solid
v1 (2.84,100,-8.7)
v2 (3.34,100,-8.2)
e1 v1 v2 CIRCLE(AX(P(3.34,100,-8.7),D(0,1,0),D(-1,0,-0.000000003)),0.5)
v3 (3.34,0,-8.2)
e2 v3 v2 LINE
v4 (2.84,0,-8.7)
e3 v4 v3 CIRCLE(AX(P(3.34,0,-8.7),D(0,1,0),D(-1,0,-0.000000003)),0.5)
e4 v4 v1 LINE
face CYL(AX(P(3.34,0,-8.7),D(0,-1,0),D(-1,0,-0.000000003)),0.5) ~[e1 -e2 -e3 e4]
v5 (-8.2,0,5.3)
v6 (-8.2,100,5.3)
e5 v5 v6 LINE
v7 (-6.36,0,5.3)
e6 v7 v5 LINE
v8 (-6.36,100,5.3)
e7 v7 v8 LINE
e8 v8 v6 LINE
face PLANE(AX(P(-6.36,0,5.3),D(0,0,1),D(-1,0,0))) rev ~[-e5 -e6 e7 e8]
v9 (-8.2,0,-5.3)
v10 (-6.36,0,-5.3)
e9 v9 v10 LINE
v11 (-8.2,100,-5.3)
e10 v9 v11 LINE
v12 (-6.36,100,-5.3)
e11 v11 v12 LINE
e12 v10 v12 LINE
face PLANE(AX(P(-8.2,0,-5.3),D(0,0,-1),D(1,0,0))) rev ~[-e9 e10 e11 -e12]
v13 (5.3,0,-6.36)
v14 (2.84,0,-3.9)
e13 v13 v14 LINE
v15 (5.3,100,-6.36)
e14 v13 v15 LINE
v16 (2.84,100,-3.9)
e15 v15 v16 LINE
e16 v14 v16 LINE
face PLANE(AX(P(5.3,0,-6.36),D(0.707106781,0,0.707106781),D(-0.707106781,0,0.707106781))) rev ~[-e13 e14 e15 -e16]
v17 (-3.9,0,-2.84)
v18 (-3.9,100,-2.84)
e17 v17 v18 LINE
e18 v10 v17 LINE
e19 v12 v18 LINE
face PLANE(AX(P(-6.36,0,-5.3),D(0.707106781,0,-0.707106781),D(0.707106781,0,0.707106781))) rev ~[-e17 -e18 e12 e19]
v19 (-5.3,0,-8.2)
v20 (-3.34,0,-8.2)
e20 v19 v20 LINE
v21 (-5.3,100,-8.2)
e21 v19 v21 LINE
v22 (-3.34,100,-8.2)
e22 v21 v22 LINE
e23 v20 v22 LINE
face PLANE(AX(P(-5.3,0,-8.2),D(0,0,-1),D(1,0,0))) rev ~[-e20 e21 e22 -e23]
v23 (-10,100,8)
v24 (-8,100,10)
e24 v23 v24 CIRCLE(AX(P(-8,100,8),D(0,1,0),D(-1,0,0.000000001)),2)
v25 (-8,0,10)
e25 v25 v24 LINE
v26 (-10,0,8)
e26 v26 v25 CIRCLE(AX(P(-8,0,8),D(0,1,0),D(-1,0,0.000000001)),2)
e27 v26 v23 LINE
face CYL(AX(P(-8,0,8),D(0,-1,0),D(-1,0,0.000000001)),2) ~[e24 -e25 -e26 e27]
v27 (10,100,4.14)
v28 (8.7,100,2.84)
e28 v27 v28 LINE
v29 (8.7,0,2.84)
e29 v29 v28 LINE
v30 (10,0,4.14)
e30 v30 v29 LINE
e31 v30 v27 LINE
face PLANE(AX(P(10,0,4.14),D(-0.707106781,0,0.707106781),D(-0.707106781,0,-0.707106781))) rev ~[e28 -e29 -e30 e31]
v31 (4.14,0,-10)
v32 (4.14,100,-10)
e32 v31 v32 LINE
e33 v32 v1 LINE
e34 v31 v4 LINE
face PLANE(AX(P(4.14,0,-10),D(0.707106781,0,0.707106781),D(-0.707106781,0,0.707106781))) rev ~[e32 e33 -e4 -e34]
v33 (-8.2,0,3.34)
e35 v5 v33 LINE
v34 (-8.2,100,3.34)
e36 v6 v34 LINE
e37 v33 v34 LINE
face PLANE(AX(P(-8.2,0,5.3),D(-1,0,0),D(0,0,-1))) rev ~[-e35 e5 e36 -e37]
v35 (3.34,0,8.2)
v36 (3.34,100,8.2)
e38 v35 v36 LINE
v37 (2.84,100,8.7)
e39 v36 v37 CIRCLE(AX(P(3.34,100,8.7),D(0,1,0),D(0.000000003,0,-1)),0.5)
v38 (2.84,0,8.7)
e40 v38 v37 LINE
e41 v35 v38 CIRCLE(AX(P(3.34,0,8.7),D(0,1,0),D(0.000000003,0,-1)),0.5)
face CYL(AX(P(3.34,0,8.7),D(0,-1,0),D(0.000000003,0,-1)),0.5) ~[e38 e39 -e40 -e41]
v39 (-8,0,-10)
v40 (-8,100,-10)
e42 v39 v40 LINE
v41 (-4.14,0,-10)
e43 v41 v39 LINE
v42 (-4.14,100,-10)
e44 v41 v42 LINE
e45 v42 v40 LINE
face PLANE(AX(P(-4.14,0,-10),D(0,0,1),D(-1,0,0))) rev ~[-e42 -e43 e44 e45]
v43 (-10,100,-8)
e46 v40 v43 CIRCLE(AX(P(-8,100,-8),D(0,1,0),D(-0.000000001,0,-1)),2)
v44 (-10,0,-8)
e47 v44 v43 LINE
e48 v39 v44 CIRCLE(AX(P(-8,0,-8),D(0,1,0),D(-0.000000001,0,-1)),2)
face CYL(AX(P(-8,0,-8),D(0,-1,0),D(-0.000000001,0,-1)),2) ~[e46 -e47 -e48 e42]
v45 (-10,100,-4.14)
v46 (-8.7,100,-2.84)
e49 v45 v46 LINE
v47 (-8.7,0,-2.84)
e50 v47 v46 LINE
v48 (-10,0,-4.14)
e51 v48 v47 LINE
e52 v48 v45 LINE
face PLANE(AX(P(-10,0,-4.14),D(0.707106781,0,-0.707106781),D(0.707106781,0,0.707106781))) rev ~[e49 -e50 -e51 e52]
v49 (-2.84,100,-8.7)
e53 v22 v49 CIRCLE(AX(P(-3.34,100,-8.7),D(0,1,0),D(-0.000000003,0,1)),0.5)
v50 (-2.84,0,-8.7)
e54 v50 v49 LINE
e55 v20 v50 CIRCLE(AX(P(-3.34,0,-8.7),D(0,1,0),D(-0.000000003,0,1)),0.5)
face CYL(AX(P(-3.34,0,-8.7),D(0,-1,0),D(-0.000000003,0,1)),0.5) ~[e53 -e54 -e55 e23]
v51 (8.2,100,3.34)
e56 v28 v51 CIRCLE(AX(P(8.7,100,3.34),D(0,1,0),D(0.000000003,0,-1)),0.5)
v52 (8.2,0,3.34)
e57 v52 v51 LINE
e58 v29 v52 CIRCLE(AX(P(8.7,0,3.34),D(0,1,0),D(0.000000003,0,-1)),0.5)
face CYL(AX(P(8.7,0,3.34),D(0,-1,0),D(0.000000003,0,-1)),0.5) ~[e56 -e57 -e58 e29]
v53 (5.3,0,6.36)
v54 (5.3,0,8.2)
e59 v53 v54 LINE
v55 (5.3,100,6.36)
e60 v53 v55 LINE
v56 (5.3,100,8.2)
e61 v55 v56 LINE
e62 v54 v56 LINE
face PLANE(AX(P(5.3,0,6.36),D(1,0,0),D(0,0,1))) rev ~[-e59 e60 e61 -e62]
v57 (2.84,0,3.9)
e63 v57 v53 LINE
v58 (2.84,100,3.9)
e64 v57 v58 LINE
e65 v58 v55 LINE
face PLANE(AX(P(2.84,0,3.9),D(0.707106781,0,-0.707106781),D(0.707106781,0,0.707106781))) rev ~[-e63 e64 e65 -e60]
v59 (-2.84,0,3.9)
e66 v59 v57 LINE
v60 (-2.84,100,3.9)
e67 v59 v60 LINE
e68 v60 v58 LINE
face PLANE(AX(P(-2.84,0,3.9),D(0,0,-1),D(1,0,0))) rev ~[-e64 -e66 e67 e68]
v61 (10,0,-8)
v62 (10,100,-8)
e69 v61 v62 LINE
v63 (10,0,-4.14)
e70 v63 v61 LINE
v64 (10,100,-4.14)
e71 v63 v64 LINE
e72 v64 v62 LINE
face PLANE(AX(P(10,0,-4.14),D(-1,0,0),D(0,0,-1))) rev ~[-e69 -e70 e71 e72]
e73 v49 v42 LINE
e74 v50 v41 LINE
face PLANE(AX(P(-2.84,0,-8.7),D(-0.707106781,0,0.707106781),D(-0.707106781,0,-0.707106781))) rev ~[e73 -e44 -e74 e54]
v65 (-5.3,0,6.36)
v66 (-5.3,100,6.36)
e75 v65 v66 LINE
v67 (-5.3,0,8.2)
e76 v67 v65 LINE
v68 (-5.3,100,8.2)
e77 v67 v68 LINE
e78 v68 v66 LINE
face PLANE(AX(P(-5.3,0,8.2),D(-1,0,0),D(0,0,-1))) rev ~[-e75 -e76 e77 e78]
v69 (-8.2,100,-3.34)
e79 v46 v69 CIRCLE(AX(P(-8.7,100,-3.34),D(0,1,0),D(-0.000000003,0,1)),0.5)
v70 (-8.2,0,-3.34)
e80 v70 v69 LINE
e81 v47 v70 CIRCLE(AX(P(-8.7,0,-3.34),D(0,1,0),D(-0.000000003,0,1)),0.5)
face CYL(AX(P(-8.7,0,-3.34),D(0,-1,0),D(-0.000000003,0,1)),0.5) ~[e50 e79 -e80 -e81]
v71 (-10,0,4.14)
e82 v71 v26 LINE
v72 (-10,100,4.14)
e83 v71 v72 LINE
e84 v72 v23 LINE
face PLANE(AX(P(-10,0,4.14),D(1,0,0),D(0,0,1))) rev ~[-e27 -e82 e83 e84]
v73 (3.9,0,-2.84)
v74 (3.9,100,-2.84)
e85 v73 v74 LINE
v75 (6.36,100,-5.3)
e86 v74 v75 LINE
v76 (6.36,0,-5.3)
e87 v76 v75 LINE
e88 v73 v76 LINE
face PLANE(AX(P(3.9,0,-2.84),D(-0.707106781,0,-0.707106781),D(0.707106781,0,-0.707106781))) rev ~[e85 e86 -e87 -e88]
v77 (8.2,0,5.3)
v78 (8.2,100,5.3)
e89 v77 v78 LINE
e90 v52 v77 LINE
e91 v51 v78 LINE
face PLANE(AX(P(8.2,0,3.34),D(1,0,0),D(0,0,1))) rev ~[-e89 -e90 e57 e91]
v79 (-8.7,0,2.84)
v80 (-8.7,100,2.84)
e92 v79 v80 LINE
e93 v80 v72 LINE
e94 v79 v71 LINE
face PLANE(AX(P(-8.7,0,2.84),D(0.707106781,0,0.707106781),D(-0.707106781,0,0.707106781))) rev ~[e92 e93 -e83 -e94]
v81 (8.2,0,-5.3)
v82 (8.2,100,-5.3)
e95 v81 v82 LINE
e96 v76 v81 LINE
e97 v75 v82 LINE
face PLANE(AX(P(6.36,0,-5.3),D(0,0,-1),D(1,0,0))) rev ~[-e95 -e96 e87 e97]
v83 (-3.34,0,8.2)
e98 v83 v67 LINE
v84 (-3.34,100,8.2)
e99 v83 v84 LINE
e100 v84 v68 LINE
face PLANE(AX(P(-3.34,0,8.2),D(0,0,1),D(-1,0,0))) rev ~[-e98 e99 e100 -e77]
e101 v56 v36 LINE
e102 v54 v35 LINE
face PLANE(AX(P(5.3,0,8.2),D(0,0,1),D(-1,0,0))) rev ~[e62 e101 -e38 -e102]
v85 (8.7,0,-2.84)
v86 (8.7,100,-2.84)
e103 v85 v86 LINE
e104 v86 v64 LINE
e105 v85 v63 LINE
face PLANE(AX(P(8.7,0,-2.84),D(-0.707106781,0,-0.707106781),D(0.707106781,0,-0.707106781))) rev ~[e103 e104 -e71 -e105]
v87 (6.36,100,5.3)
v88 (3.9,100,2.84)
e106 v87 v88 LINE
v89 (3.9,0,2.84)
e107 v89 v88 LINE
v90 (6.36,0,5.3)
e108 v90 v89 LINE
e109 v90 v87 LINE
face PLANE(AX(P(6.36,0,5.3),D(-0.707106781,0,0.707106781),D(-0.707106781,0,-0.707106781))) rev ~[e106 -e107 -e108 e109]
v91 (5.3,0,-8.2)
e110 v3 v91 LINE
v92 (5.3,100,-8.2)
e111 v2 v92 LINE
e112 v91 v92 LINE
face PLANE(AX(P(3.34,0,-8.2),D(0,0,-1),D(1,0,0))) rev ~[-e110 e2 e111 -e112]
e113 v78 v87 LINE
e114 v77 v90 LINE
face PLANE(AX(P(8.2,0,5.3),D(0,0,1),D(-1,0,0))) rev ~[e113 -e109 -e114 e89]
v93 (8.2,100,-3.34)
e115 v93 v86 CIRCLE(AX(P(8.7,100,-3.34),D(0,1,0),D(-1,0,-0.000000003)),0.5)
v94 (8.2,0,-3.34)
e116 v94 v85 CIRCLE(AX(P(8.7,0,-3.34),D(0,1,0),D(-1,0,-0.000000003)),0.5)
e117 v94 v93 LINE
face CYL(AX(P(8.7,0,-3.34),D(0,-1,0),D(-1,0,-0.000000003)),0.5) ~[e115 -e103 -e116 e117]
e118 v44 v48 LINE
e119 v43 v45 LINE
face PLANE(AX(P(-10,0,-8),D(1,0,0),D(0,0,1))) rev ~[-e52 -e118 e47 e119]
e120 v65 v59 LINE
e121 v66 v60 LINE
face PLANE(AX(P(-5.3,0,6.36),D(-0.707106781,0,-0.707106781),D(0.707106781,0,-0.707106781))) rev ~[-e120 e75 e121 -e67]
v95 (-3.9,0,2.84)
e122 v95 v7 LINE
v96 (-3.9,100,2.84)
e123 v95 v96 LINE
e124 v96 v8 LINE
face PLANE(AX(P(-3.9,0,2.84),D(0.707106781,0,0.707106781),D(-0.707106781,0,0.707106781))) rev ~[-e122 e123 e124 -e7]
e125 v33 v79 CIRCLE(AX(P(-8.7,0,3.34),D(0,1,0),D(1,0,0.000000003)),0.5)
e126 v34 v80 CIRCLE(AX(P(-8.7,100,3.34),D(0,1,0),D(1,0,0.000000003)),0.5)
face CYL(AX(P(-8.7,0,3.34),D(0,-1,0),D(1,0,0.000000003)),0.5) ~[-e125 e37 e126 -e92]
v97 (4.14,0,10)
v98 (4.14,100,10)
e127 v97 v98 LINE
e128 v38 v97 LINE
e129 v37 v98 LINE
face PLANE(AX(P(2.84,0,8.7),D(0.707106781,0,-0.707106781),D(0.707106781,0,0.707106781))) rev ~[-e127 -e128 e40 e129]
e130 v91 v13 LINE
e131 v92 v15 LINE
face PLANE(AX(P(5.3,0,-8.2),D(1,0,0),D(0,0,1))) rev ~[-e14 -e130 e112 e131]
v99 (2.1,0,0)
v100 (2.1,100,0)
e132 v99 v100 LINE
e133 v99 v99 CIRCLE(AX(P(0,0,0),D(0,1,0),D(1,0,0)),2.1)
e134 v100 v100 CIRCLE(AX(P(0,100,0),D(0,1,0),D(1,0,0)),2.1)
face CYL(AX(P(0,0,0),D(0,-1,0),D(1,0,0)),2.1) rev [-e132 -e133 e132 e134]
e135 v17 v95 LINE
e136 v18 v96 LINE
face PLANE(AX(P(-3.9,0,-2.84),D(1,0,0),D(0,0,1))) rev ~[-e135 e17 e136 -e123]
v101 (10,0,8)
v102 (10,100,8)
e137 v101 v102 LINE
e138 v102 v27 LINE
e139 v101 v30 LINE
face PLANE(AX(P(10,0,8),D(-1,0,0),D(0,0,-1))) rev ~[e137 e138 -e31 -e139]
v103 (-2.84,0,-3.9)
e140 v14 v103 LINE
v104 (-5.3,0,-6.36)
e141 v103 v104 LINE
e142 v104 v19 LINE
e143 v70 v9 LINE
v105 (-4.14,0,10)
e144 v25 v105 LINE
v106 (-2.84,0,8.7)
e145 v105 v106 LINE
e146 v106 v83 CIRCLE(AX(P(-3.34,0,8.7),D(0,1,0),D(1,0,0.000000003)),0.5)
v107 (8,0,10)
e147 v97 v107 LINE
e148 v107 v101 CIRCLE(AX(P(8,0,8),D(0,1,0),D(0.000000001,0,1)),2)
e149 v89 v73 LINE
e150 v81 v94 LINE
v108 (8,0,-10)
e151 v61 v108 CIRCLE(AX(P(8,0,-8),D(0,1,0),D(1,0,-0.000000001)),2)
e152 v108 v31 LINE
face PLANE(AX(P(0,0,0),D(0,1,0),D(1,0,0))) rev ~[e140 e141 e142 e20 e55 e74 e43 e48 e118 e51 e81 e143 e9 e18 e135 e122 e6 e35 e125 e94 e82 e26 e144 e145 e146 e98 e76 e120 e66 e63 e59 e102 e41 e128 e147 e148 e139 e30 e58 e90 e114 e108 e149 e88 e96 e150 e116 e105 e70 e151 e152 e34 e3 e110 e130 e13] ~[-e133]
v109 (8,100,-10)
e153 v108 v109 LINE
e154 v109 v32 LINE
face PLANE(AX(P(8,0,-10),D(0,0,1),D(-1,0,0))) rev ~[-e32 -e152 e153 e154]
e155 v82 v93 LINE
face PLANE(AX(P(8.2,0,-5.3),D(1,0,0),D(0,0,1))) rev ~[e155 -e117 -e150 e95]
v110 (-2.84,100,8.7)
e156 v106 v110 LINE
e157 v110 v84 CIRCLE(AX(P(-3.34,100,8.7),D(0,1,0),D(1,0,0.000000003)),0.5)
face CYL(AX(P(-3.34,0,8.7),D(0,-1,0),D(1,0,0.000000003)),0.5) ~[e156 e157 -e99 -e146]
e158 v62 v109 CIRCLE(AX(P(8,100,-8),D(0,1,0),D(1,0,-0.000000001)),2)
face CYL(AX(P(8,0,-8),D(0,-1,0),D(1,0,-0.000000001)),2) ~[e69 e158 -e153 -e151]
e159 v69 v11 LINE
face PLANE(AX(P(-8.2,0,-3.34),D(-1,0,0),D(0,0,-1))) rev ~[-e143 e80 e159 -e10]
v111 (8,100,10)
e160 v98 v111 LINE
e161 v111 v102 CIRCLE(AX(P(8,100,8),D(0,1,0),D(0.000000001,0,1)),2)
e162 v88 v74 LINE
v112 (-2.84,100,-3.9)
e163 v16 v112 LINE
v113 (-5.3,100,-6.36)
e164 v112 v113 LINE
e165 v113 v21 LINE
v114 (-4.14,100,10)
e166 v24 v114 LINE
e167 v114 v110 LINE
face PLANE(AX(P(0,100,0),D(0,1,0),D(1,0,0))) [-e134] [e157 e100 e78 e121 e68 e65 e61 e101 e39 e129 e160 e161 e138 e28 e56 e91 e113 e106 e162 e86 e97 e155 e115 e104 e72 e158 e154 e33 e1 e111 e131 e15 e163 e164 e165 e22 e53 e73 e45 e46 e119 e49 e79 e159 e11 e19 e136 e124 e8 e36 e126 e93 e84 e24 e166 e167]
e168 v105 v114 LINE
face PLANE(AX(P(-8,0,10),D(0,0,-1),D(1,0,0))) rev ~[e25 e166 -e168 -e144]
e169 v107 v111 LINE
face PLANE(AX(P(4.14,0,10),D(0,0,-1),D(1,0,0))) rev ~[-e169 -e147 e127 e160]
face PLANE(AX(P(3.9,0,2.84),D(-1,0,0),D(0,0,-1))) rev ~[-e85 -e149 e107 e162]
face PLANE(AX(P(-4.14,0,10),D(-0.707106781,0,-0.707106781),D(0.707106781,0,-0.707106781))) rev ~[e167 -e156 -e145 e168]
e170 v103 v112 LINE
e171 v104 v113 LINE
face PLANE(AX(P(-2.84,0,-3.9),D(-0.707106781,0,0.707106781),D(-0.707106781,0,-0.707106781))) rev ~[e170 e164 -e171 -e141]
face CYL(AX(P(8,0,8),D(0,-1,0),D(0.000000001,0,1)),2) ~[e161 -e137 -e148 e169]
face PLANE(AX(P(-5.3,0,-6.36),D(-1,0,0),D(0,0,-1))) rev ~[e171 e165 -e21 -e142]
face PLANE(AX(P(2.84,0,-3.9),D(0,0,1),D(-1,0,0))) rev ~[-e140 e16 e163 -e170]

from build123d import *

# Parameters (mm, degrees)
CROQUIS1_R              = 2.1
SALIENTE_EXTRUIR2_DEPTH = 100


with BuildPart() as part:
    # Croquis1 → Saliente-Extruir2 (new body)
    with BuildSketch(Plane(origin=(0, 0, 0), x_dir=(1, 0, 0), z_dir=(0, 1, 0))):
        with BuildLine():
            Line((3.9, -2.84), (3.9, 2.84))
            Line((3.9, 2.84), (6.36, 5.3))
            Line((6.36, 5.3), (8.2, 5.3))
            Line((8.2, 5.3), (8.2, 3.34))
            ThreePointArc((8.2, 3.34), (8.346446609, 2.986446609), (8.7, 2.84))
            Line((8.7, 2.84), (10, 4.14))
            Line((10, 4.14), (10, 8))
            ThreePointArc((10, 8), (9.414213562, 9.414213562), (8, 10))
            Line((8, 10), (4.14, 10))
            Line((4.14, 10), (2.84, 8.7))
            ThreePointArc((2.84, 8.7), (2.986446609, 8.346446609), (3.34, 8.2))
            Line((3.34, 8.2), (5.3, 8.2))
            Line((5.3, 8.2), (5.3, 6.36))
            Line((5.3, 6.36), (2.84, 3.9))
            Line((2.84, 3.9), (-2.84, 3.9))
            Line((-2.84, 3.9), (-5.3, 6.36))
            Line((-5.3, 6.36), (-5.3, 8.2))
            Line((-5.3, 8.2), (-3.34, 8.2))
            ThreePointArc((-3.34, 8.2), (-2.986446609, 8.346446609), (-2.84, 8.7))
            Line((-2.84, 8.7), (-4.14, 10))
            Line((-4.14, 10), (-8, 10))
            ThreePointArc((-8, 10), (-9.414213562, 9.414213562), (-10, 8))
            Line((-10, 8), (-10, 4.14))
            Line((-10, 4.14), (-8.7, 2.84))
            ThreePointArc((-8.7, 2.84), (-8.346446609, 2.986446609), (-8.2, 3.34))
            Line((-8.2, 3.34), (-8.2, 5.3))
            Line((-8.2, 5.3), (-6.36, 5.3))
            Line((-6.36, 5.3), (-3.9, 2.84))
            Line((-3.9, 2.84), (-3.9, -2.84))
            Line((-3.9, -2.84), (-6.36, -5.3))
            Line((-6.36, -5.3), (-8.2, -5.3))
            Line((-8.2, -5.3), (-8.2, -3.34))
            ThreePointArc((-8.2, -3.34), (-8.346446609, -2.986446609), (-8.7, -2.84))
            Line((-8.7, -2.84), (-10, -4.14))
            Line((-10, -4.14), (-10, -8))
            ThreePointArc((-10, -8), (-9.414213562, -9.414213562), (-8, -10))
            Line((-8, -10), (-4.14, -10))
            Line((-4.14, -10), (-2.84, -8.7))
            ThreePointArc((-2.84, -8.7), (-2.986446609, -8.346446609), (-3.34, -8.2))
            Line((-3.34, -8.2), (-5.3, -8.2))
            Line((-5.3, -8.2), (-5.3, -6.36))
            Line((-5.3, -6.36), (-2.84, -3.9))
            Line((-2.84, -3.9), (2.84, -3.9))
            Line((2.84, -3.9), (5.3, -6.36))
            Line((5.3, -6.36), (5.3, -8.2))
            Line((5.3, -8.2), (3.34, -8.2))
            ThreePointArc((3.34, -8.2), (2.986446609, -8.346446609), (2.84, -8.7))
            Line((2.84, -8.7), (4.14, -10))
            Line((4.14, -10), (8, -10))
            ThreePointArc((8, -10), (9.414213562, -9.414213562), (10, -8))
            Line((10, -8), (10, -4.14))
            Line((10, -4.14), (8.7, -2.84))
            ThreePointArc((8.7, -2.84), (8.346446609, -2.986446609), (8.2, -3.34))
            Line((8.2, -3.34), (8.2, -5.3))
            Line((8.2, -5.3), (6.36, -5.3))
            Line((6.36, -5.3), (3.9, -2.84))
        make_face()
        Circle(CROQUIS1_R, mode=Mode.SUBTRACT)
    extrude(amount=SALIENTE_EXTRUIR2_DEPTH)


solid = part.part
